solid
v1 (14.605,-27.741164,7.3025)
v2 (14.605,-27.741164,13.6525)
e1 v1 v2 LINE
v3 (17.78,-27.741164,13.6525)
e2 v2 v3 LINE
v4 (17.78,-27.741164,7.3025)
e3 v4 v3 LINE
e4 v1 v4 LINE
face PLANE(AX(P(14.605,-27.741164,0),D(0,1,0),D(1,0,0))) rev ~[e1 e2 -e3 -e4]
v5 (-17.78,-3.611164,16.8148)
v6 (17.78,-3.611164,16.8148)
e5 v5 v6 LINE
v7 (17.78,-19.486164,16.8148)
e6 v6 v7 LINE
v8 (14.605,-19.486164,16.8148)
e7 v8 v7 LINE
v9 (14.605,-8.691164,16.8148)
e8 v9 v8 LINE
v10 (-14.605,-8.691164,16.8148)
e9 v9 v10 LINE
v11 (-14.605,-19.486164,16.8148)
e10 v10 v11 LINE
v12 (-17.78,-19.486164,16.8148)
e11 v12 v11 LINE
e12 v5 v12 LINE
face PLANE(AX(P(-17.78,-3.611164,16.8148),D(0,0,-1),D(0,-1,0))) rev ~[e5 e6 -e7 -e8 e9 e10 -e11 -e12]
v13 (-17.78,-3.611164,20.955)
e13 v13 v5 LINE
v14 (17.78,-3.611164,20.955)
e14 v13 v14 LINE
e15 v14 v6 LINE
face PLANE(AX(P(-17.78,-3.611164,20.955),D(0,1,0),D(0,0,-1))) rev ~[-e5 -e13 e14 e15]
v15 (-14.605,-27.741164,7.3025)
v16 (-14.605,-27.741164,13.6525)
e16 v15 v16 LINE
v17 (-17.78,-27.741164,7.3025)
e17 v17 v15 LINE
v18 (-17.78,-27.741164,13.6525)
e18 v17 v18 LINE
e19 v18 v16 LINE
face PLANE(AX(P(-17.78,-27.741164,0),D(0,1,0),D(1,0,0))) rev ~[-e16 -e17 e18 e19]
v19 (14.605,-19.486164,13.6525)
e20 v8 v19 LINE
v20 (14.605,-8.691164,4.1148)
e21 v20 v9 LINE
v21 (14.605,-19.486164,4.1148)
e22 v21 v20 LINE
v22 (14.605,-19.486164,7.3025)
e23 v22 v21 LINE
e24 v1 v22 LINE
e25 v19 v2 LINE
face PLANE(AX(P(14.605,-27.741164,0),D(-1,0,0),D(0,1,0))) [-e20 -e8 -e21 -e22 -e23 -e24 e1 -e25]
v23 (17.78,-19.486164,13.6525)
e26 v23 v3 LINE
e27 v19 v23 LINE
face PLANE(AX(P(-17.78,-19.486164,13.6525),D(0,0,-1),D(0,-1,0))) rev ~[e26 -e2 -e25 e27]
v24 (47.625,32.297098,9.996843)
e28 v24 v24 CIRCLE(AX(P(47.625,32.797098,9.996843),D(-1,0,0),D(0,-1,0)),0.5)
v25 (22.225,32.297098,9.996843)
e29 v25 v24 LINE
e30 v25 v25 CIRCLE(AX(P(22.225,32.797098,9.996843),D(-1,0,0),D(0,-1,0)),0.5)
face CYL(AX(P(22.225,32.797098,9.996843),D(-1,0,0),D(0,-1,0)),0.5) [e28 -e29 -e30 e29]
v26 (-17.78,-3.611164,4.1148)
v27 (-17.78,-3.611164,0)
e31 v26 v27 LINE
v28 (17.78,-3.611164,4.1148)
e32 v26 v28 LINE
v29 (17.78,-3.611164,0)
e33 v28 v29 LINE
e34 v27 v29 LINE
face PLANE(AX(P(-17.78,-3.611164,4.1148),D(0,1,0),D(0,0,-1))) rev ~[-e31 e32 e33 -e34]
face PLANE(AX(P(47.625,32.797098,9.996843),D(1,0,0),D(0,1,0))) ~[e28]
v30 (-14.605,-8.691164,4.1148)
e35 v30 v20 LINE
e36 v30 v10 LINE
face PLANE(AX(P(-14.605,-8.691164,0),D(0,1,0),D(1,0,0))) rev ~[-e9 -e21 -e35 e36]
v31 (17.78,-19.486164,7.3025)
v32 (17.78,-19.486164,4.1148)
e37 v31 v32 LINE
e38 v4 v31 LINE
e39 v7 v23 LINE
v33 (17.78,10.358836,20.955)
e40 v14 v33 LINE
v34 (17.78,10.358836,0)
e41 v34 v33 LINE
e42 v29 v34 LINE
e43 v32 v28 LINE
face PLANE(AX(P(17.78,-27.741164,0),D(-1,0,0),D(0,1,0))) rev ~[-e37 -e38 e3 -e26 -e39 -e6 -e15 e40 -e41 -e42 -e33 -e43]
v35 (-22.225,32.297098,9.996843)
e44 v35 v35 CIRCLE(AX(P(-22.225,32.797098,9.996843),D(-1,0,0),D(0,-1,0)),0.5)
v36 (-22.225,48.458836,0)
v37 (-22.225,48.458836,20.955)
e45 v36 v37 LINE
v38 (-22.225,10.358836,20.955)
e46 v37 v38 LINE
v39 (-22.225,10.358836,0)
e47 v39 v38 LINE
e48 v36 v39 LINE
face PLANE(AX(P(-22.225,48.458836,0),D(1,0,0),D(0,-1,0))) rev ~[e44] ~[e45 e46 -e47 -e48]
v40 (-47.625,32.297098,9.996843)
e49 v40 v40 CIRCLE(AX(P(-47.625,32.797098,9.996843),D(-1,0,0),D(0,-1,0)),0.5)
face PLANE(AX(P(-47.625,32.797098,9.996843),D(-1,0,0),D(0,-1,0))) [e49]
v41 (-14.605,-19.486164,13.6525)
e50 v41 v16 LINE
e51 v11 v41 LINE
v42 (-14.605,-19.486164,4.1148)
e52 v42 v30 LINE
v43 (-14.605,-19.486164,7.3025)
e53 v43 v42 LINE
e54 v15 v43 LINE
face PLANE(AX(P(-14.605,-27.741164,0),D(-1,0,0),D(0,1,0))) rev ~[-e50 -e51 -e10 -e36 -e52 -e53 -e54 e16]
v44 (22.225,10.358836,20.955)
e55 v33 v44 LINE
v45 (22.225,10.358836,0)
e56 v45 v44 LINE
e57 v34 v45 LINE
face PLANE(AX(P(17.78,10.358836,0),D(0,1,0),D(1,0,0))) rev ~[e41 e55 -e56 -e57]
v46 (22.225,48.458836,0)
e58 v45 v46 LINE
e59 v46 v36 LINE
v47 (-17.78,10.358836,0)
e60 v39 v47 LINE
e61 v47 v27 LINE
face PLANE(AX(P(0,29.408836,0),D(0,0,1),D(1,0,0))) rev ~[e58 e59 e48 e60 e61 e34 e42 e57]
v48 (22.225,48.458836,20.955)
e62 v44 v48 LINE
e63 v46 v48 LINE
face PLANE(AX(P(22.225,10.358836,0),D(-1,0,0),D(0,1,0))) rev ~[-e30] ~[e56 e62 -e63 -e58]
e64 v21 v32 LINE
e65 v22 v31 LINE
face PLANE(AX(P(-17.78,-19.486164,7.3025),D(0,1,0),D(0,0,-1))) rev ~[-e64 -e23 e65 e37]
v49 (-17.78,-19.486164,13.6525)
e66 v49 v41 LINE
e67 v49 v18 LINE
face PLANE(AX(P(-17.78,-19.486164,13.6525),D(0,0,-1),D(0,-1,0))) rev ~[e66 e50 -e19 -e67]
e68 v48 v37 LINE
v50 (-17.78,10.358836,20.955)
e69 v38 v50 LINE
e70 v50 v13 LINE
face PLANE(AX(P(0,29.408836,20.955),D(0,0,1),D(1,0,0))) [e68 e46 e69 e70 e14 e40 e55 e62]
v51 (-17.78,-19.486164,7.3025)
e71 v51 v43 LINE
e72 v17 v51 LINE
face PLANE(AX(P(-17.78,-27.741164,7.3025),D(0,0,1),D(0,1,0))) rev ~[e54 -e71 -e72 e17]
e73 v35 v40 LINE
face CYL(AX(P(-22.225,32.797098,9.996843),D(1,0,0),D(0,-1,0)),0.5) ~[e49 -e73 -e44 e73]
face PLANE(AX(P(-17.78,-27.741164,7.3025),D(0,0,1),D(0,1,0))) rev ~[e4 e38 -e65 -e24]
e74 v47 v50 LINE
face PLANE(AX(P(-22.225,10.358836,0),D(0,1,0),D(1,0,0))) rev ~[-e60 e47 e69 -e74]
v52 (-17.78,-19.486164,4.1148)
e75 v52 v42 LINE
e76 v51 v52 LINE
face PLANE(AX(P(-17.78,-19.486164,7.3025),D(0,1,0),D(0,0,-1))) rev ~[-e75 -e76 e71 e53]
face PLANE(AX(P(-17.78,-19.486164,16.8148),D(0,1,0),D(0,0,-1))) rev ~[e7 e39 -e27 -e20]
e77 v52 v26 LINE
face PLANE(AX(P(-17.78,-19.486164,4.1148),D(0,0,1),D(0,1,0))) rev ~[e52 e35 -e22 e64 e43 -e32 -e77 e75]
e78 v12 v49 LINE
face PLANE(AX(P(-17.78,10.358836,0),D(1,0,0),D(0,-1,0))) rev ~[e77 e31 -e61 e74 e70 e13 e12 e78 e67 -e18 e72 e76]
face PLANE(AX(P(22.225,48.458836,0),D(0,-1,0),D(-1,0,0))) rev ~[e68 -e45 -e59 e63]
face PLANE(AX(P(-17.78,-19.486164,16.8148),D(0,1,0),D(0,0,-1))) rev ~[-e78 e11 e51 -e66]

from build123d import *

# Parameters (mm, degrees)
F0_W     = 3.175
F0_H     = 19.05
F1_DEPTH = 20.955
F3_DEPTH = 45.72
F4_R     = 0.5
F5_DEPTH = 25.4


with BuildPart() as f1:
    # F0 (on Top) → F1 (new body)
    with BuildSketch(Plane.XY):
        Polygon((22.225, 48.458836), (-22.225, 48.458836), (-22.225, 10.358836), (-17.78, 10.358836), (17.78, 10.358836), (22.225, 10.358836), align=None)
        Polygon((17.78, 10.358836), (-17.78, 10.358836), (-17.78, -8.691164), (-14.605, -8.691164), (14.605, -8.691164), (17.78, -8.691164), align=None)
        with Locations((-16.1925, -18.216164)):
            Rectangle(F0_W, F0_H)
        with Locations((16.1925, -18.216164)):
            Rectangle(F0_W, F0_H)
    extrude(amount=F1_DEPTH)

    # F2 (on face) → F3 (cut)
    with BuildSketch(Plane(origin=(-17.78, 0, 0), x_dir=(0, -1, 0), z_dir=(-1, 0, 0))):
        Polygon((19.486164, 13.6525), (27.741164, 13.6525), (27.741164, 20.955), (3.611164, 20.955), (3.611164, 16.8148), (19.486164, 16.8148), align=None)
        Polygon((27.741164, 0), (27.741164, 7.3025), (19.486164, 7.3025), (19.486164, 4.1148), (3.611164, 4.1148), (3.611164, 0), align=None)
    extrude(amount=-F3_DEPTH, mode=Mode.SUBTRACT)

    # F4 (on face) → F5 (join)
    with BuildSketch(Plane(origin=(-22.225, 0, 0), x_dir=(0, -1, 0), z_dir=(-1, 0, 0))):
        with Locations((-32.797098, 9.996843)):
            Circle(F4_R)
    extrude(amount=F5_DEPTH)

    # F6: F1 across plane


with BuildPart() as f1_1:
    add(f1.part)
    add(f1.part.mirror(Plane.YZ))


solid = f1_1.part
